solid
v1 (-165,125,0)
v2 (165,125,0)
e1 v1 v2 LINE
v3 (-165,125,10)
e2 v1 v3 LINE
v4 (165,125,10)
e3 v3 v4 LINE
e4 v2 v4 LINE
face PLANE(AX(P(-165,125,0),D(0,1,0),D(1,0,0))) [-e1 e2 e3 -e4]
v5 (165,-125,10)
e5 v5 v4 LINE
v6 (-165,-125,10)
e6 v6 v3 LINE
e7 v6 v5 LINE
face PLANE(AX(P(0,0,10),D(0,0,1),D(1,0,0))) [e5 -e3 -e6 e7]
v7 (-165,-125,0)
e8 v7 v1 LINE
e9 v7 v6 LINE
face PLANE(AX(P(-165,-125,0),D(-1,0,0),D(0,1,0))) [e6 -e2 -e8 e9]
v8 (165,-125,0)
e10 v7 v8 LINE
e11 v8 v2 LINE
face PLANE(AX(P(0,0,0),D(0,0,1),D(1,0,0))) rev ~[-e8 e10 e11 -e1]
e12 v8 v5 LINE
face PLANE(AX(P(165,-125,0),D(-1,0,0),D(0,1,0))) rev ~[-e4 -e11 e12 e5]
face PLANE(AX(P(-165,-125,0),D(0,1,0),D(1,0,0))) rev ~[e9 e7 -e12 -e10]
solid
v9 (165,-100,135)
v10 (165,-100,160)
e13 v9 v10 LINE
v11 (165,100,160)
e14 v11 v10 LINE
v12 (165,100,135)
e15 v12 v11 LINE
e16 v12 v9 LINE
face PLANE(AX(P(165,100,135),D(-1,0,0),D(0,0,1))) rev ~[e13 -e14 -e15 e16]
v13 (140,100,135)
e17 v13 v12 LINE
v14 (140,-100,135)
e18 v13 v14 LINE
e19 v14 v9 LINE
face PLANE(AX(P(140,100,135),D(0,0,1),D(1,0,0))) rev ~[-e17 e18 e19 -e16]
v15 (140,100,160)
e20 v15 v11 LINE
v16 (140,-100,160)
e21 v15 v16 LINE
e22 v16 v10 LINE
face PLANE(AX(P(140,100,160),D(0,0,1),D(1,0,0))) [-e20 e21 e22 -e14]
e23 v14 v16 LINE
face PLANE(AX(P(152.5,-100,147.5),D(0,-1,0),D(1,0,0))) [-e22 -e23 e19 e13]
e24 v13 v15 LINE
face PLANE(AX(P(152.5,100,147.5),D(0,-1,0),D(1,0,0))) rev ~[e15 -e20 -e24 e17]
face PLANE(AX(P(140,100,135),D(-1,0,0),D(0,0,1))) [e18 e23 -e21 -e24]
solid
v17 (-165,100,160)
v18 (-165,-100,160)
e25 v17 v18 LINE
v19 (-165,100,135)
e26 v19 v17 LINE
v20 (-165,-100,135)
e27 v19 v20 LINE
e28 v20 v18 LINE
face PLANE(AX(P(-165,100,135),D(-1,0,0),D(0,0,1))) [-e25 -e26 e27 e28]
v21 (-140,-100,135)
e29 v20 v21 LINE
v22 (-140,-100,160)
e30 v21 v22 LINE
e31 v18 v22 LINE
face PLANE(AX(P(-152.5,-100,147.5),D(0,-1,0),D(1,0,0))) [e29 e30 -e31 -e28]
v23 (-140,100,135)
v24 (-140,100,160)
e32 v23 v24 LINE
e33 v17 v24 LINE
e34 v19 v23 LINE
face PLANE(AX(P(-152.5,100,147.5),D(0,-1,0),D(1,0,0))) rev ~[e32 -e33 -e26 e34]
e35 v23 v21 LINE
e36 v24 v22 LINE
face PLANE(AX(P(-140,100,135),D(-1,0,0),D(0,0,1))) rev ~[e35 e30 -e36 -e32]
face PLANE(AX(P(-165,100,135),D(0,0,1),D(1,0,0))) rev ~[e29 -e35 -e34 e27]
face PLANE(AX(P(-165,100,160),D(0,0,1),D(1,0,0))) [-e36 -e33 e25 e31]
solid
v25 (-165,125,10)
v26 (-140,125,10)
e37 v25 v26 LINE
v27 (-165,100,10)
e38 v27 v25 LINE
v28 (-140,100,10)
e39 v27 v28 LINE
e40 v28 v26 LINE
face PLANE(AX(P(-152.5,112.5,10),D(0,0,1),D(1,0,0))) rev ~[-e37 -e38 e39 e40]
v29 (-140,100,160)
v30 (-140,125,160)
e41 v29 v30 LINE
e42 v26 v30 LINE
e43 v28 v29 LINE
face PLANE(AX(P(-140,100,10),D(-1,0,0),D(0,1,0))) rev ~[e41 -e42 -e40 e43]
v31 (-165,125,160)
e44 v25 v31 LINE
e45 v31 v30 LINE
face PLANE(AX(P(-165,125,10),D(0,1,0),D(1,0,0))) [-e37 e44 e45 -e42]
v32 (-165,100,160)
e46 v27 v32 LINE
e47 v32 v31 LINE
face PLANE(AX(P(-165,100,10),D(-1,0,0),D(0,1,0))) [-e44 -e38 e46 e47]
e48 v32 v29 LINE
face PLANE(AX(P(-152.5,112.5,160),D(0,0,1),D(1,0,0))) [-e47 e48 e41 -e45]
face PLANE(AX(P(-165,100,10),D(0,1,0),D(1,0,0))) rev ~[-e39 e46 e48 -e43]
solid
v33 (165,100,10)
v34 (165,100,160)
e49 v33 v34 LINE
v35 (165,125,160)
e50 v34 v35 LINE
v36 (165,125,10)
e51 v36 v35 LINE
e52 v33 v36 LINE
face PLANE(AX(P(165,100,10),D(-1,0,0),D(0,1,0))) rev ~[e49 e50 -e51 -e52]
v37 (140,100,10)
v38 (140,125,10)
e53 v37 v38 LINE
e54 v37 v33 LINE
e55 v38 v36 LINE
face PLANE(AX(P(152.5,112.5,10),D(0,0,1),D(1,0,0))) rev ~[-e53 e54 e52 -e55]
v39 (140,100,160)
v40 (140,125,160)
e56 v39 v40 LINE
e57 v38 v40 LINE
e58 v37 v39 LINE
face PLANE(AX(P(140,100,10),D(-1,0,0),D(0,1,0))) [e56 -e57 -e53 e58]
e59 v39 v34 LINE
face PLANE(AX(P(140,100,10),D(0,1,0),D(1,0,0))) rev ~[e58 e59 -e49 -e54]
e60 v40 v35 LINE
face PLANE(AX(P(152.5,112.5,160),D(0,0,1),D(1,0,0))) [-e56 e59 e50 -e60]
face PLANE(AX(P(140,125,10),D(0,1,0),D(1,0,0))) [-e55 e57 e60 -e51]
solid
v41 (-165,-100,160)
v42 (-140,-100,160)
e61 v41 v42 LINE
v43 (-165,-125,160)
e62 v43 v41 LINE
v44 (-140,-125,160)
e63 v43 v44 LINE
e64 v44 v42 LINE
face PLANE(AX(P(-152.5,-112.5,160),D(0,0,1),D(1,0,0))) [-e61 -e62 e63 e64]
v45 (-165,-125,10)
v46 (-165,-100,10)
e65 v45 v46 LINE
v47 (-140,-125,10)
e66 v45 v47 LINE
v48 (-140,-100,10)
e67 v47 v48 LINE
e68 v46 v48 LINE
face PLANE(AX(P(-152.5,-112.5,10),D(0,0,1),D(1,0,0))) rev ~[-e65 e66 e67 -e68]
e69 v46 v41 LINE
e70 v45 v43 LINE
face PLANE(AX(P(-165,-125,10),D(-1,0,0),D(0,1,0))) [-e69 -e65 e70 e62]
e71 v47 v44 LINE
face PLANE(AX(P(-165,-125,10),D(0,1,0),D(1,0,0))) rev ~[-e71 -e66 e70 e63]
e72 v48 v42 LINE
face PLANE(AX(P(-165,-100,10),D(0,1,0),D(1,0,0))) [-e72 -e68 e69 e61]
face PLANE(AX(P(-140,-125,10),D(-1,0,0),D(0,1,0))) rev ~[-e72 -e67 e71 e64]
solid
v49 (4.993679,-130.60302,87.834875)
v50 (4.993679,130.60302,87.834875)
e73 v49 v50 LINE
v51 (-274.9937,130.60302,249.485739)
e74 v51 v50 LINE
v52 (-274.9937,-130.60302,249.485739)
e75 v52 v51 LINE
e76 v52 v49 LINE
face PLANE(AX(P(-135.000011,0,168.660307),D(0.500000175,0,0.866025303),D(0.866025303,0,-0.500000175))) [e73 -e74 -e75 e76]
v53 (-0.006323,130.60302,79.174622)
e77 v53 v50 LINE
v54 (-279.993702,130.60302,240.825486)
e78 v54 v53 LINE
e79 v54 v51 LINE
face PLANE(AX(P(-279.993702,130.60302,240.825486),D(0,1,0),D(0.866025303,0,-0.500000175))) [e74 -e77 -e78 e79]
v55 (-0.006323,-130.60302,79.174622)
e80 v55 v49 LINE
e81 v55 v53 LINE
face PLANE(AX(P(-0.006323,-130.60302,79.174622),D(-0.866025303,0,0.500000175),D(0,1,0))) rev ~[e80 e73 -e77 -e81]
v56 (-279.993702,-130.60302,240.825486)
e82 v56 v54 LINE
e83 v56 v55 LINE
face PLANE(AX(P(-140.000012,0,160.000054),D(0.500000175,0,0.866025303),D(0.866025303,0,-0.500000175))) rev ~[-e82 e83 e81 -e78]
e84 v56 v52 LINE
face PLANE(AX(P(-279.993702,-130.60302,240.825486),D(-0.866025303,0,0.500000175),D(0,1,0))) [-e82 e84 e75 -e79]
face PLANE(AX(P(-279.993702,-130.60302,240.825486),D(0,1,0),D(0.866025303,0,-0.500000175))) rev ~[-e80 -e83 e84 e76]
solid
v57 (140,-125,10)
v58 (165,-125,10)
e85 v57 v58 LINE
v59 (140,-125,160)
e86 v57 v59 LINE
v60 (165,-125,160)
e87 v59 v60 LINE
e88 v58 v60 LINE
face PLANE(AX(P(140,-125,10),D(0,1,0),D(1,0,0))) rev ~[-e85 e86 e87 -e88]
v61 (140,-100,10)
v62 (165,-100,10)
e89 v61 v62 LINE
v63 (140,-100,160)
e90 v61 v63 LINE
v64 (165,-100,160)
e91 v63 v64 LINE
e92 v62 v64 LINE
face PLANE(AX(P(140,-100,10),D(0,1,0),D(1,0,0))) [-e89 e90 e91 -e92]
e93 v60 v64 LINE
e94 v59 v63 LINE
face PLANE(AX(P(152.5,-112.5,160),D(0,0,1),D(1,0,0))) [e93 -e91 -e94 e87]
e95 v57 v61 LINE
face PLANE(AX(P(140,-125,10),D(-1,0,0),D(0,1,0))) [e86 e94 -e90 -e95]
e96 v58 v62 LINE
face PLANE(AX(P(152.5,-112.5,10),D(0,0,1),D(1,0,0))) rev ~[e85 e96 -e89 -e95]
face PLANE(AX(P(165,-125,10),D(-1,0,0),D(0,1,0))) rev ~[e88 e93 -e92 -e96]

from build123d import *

# Parameters (mm, degrees)
F0_W      = 330
F0_H      = 250
F1_DEPTH  = 10
F2_W      = 25
F2_H      = 25
F3_DEPTH  = 150
F4_W      = 25
F4_H      = 25
F5_DEPTH  = 200
F6_W      = 25
F6_H      = 25
F7_DEPTH  = 200
F10_W     = 323.301615
F10_H     = 261.20604
F11_DEPTH = 10


with BuildPart() as f1:
    # F0 (on Top) → F1 (new body)
    with BuildSketch(Plane.XY):
        Rectangle(F0_W, F0_H)
    extrude(amount=F1_DEPTH)


with BuildPart() as f3:
    # F2 (on face) → F3 (new body)
    with BuildSketch(Plane.XY.offset(10)):
        with Locations((152.5, 112.5)):
            Rectangle(F2_W, F2_H)
        with Locations((-152.5, -112.5)):
            Rectangle(F2_W, F2_H)
        with Locations((152.5, -112.5)):
            Rectangle(F2_W, F2_H)
        with Locations((-152.5, 112.5)):
            Rectangle(F2_W, F2_H)
    extrude(amount=F3_DEPTH)


with BuildPart() as f5:
    # F4 (on face) → F5 (new body)
    with BuildSketch(Plane.XZ.offset(-100)):
        with Locations((152.5, 147.5)):
            Rectangle(F4_W, F4_H)
    extrude(amount=F5_DEPTH)


with BuildPart() as f7:
    # F6 (on face) → F7 (new body)
    with BuildSketch(Plane.XZ.offset(-100)):
        with Locations((-152.5, 147.5)):
            Rectangle(F6_W, F6_H)
    extrude(amount=F7_DEPTH)


with BuildPart() as f11:
    # F10 (on face) → F11 (new body)
    with BuildSketch(Plane(origin=(34.282032, 0, 59.378222), x_dir=(0.866025, 0, -0.5), z_dir=(0.5, 0, 0.866025))):
        with Locations((-201.243594, 0)):
            Rectangle(F10_W, F10_H)
    extrude(amount=F11_DEPTH)


solid = Compound([f1.part, f3.part, f5.part, f7.part, f11.part])
